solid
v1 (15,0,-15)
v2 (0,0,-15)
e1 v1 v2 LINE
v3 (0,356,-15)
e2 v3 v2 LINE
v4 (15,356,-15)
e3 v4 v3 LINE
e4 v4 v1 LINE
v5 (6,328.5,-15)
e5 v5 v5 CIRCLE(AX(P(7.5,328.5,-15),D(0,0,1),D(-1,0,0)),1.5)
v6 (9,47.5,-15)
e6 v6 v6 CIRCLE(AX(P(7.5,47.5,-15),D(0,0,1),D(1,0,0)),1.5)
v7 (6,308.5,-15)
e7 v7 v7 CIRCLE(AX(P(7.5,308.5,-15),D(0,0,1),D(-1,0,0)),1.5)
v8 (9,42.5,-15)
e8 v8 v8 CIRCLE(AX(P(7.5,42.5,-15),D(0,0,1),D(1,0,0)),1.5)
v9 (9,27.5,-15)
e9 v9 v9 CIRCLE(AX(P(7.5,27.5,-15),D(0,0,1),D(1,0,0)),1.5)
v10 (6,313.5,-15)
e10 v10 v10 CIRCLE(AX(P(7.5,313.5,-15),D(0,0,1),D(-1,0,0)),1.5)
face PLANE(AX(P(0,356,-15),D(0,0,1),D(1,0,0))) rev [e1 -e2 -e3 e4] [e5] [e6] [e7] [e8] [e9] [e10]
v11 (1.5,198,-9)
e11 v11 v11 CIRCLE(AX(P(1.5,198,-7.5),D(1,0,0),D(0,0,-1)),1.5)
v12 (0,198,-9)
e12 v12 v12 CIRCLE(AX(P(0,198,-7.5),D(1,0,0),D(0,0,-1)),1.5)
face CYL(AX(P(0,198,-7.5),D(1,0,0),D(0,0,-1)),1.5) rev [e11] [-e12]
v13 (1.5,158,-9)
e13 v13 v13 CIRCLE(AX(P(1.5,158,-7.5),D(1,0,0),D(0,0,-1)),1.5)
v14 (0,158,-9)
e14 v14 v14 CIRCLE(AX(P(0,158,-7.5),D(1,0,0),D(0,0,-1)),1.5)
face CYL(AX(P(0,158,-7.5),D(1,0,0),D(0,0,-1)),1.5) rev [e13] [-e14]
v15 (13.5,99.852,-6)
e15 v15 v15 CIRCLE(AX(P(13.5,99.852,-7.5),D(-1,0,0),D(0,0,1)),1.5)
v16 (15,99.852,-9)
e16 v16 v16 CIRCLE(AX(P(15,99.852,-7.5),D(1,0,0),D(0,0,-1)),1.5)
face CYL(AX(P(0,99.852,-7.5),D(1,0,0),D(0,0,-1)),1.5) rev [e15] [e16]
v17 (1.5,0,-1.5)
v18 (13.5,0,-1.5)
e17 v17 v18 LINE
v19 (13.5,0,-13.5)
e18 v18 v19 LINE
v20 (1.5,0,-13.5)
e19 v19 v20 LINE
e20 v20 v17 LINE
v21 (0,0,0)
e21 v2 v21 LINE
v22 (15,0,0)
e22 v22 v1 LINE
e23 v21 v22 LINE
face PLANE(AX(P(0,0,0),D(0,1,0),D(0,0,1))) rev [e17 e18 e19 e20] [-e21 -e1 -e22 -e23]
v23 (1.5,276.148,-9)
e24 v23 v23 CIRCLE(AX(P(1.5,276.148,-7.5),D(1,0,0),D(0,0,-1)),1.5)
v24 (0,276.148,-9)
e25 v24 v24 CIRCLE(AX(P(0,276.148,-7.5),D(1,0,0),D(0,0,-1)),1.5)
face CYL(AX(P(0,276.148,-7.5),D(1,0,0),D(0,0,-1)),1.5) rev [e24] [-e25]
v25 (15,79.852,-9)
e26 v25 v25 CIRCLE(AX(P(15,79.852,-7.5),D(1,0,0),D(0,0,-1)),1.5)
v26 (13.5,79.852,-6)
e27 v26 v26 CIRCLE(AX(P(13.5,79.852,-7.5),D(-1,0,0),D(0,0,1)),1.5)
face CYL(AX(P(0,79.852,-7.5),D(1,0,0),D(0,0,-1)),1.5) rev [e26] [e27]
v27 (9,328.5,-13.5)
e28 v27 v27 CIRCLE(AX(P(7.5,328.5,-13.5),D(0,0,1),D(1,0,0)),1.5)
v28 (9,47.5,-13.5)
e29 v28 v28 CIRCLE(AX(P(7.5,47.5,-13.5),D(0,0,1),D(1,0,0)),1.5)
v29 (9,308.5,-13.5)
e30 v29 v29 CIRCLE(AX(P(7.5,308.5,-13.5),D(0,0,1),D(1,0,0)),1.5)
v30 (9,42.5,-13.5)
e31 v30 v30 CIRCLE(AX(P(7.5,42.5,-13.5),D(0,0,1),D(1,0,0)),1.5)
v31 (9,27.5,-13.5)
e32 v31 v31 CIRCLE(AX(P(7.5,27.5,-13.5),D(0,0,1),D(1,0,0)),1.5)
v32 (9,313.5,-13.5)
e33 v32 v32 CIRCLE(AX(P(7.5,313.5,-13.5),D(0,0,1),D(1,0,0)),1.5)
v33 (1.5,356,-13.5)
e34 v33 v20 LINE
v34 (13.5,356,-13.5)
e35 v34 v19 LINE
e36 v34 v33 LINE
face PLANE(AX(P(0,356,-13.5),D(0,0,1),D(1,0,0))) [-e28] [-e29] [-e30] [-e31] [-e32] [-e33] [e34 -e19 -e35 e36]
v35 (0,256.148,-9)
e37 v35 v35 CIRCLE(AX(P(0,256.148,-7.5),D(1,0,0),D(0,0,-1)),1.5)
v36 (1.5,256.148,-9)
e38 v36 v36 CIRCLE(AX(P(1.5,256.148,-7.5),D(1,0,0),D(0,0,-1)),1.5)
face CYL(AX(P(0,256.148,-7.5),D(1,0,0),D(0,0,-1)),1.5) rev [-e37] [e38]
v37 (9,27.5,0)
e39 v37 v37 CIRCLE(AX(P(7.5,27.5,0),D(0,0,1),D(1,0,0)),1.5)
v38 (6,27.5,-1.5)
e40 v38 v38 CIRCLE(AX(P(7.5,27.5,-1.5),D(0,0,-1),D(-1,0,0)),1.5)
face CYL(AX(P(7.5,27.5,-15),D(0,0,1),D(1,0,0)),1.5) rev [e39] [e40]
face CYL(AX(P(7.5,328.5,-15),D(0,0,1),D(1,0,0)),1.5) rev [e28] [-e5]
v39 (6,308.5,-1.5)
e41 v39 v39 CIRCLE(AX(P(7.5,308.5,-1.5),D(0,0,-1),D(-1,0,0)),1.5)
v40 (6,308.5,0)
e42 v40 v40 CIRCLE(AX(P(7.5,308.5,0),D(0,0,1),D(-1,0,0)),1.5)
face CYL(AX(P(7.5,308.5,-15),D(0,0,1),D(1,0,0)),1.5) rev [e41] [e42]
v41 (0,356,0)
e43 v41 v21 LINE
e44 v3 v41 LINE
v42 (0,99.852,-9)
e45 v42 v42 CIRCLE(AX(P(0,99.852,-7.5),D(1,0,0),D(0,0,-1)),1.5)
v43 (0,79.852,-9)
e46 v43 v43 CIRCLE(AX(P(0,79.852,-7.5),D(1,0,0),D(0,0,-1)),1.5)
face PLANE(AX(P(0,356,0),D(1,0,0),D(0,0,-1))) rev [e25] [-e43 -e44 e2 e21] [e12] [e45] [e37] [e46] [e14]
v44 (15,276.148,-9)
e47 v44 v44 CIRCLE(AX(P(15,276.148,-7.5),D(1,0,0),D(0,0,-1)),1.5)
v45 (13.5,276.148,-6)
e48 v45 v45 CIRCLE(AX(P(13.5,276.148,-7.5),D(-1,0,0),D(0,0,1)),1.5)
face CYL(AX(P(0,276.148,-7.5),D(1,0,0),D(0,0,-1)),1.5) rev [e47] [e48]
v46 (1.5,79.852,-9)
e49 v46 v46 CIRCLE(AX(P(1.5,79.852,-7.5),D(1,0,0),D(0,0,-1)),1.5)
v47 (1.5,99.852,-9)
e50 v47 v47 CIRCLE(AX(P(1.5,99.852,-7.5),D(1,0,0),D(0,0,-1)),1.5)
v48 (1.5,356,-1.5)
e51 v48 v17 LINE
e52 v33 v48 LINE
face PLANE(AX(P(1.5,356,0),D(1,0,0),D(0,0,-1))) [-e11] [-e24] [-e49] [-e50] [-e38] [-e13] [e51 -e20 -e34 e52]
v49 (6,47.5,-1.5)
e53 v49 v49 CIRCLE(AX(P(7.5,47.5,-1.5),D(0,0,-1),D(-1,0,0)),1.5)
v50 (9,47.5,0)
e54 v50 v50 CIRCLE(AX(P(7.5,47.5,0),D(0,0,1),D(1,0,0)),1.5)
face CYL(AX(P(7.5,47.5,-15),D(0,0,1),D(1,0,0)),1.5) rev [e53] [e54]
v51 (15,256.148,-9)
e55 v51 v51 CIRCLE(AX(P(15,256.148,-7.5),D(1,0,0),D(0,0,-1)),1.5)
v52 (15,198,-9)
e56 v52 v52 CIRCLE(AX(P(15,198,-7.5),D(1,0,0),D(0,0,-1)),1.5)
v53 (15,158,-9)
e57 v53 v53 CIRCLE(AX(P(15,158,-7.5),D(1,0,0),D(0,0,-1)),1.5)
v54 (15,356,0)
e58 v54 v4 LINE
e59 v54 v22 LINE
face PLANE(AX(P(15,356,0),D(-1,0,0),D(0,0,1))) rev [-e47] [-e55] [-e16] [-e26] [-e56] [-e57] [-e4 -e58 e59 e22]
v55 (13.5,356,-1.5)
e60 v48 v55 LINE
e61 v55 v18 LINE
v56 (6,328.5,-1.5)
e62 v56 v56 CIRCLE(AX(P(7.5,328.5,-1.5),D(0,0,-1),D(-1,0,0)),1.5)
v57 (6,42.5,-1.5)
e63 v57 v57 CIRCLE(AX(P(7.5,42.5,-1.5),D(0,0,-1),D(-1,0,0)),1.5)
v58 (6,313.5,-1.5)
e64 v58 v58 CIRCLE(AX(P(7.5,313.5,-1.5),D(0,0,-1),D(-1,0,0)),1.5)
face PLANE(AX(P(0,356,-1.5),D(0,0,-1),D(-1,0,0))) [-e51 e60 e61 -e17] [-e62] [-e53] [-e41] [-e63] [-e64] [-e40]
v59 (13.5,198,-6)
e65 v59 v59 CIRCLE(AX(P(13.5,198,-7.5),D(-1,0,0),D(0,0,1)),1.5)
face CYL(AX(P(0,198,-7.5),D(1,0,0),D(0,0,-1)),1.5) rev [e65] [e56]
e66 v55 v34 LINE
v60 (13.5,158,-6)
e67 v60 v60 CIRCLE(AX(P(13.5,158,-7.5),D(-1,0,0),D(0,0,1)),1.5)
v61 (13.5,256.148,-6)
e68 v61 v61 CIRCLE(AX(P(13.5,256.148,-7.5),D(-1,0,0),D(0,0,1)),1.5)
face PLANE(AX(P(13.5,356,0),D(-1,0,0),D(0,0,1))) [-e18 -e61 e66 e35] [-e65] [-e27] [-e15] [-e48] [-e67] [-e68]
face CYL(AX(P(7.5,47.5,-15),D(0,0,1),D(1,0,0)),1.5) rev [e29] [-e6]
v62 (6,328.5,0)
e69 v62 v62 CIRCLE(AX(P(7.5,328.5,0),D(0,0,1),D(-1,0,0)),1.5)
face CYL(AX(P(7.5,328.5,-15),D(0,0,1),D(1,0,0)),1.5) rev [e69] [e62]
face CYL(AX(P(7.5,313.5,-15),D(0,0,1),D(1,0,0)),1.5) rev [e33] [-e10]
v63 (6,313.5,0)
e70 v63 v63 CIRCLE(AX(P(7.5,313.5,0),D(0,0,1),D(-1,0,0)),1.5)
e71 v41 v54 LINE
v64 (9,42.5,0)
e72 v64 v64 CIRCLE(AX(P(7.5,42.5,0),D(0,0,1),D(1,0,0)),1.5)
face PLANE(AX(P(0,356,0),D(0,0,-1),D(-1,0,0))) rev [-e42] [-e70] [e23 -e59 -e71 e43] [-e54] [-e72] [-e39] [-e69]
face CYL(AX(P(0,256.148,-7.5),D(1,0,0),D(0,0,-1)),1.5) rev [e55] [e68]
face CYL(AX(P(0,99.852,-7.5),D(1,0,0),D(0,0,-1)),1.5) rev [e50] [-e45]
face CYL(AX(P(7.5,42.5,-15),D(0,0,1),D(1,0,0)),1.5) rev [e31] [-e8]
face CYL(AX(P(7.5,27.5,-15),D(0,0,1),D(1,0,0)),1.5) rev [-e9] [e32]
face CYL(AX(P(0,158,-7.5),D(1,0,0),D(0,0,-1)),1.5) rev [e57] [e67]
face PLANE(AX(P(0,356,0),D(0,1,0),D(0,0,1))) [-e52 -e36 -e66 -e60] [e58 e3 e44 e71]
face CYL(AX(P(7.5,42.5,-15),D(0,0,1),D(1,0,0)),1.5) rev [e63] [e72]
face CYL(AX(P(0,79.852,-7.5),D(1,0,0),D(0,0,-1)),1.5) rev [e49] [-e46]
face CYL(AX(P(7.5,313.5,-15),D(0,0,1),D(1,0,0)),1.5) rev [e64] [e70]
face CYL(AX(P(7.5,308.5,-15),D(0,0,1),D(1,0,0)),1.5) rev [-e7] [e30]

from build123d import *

# Parameters (mm, degrees)
SKETCH1_W           = 15
SKETCH1_H           = 15
SKETCH1_W_2         = 12
SKETCH1_H_2         = 12
EXTRUDE_THIN1_DEPTH = 356
SKETCH2_R           = 1.5
CUT_EXTRUDE1_DEPTH  = 357.631462437
SKETCH3_R           = 1.5
CUT_EXTRUDE2_DEPTH  = 357.631462437


with BuildPart() as part:
    # Sketch1 → Extrude-Thin1 (new body)
    with BuildSketch(Plane(origin=(0, 0, 0), x_dir=(1, 0, 0), z_dir=(0, 1, 0))):
        with Locations((7.5, 7.5)):
            Rectangle(SKETCH1_W, SKETCH1_H)
        with Locations((7.5, 7.5)):
            Rectangle(SKETCH1_W_2, SKETCH1_H_2, mode=Mode.SUBTRACT)
    extrude(amount=EXTRUDE_THIN1_DEPTH)

    # Sketch2 (on Front Plane) → Cut-Extrude1 (cut, through all)
    with BuildSketch(Plane.XY):
        with Locations((7.5, 27.5)):
            Circle(SKETCH2_R)
        with Locations((7.5, 47.5)):
            Circle(SKETCH2_R)
        with Locations((7.5, 42.5)):
            Circle(SKETCH2_R)
        with Locations((7.5, 328.5)):
            Circle(SKETCH2_R)
        with Locations((7.5, 313.5)):
            Circle(SKETCH2_R)
        with Locations((7.5, 308.5)):
            Circle(SKETCH2_R)
    extrude(amount=-CUT_EXTRUDE1_DEPTH, mode=Mode.SUBTRACT)

    # Sketch3 → Cut-Extrude2 (cut, through all)
    with BuildSketch(Plane(origin=(15, 0, 0), x_dir=(0, 0, -1), z_dir=(1, 0, 0))):
        with Locations((7.5, 276.148)):
            Circle(SKETCH3_R)
        with Locations((7.5, 256.148)):
            Circle(SKETCH3_R)
        with Locations((7.5, 198)):
            Circle(SKETCH3_R)
        with Locations((7.5, 158)):
            Circle(SKETCH3_R)
        with Locations((7.5, 99.852)):
            Circle(SKETCH3_R)
        with Locations((7.5, 79.852)):
            Circle(SKETCH3_R)
    extrude(amount=-CUT_EXTRUDE2_DEPTH, mode=Mode.SUBTRACT)


solid = part.part
